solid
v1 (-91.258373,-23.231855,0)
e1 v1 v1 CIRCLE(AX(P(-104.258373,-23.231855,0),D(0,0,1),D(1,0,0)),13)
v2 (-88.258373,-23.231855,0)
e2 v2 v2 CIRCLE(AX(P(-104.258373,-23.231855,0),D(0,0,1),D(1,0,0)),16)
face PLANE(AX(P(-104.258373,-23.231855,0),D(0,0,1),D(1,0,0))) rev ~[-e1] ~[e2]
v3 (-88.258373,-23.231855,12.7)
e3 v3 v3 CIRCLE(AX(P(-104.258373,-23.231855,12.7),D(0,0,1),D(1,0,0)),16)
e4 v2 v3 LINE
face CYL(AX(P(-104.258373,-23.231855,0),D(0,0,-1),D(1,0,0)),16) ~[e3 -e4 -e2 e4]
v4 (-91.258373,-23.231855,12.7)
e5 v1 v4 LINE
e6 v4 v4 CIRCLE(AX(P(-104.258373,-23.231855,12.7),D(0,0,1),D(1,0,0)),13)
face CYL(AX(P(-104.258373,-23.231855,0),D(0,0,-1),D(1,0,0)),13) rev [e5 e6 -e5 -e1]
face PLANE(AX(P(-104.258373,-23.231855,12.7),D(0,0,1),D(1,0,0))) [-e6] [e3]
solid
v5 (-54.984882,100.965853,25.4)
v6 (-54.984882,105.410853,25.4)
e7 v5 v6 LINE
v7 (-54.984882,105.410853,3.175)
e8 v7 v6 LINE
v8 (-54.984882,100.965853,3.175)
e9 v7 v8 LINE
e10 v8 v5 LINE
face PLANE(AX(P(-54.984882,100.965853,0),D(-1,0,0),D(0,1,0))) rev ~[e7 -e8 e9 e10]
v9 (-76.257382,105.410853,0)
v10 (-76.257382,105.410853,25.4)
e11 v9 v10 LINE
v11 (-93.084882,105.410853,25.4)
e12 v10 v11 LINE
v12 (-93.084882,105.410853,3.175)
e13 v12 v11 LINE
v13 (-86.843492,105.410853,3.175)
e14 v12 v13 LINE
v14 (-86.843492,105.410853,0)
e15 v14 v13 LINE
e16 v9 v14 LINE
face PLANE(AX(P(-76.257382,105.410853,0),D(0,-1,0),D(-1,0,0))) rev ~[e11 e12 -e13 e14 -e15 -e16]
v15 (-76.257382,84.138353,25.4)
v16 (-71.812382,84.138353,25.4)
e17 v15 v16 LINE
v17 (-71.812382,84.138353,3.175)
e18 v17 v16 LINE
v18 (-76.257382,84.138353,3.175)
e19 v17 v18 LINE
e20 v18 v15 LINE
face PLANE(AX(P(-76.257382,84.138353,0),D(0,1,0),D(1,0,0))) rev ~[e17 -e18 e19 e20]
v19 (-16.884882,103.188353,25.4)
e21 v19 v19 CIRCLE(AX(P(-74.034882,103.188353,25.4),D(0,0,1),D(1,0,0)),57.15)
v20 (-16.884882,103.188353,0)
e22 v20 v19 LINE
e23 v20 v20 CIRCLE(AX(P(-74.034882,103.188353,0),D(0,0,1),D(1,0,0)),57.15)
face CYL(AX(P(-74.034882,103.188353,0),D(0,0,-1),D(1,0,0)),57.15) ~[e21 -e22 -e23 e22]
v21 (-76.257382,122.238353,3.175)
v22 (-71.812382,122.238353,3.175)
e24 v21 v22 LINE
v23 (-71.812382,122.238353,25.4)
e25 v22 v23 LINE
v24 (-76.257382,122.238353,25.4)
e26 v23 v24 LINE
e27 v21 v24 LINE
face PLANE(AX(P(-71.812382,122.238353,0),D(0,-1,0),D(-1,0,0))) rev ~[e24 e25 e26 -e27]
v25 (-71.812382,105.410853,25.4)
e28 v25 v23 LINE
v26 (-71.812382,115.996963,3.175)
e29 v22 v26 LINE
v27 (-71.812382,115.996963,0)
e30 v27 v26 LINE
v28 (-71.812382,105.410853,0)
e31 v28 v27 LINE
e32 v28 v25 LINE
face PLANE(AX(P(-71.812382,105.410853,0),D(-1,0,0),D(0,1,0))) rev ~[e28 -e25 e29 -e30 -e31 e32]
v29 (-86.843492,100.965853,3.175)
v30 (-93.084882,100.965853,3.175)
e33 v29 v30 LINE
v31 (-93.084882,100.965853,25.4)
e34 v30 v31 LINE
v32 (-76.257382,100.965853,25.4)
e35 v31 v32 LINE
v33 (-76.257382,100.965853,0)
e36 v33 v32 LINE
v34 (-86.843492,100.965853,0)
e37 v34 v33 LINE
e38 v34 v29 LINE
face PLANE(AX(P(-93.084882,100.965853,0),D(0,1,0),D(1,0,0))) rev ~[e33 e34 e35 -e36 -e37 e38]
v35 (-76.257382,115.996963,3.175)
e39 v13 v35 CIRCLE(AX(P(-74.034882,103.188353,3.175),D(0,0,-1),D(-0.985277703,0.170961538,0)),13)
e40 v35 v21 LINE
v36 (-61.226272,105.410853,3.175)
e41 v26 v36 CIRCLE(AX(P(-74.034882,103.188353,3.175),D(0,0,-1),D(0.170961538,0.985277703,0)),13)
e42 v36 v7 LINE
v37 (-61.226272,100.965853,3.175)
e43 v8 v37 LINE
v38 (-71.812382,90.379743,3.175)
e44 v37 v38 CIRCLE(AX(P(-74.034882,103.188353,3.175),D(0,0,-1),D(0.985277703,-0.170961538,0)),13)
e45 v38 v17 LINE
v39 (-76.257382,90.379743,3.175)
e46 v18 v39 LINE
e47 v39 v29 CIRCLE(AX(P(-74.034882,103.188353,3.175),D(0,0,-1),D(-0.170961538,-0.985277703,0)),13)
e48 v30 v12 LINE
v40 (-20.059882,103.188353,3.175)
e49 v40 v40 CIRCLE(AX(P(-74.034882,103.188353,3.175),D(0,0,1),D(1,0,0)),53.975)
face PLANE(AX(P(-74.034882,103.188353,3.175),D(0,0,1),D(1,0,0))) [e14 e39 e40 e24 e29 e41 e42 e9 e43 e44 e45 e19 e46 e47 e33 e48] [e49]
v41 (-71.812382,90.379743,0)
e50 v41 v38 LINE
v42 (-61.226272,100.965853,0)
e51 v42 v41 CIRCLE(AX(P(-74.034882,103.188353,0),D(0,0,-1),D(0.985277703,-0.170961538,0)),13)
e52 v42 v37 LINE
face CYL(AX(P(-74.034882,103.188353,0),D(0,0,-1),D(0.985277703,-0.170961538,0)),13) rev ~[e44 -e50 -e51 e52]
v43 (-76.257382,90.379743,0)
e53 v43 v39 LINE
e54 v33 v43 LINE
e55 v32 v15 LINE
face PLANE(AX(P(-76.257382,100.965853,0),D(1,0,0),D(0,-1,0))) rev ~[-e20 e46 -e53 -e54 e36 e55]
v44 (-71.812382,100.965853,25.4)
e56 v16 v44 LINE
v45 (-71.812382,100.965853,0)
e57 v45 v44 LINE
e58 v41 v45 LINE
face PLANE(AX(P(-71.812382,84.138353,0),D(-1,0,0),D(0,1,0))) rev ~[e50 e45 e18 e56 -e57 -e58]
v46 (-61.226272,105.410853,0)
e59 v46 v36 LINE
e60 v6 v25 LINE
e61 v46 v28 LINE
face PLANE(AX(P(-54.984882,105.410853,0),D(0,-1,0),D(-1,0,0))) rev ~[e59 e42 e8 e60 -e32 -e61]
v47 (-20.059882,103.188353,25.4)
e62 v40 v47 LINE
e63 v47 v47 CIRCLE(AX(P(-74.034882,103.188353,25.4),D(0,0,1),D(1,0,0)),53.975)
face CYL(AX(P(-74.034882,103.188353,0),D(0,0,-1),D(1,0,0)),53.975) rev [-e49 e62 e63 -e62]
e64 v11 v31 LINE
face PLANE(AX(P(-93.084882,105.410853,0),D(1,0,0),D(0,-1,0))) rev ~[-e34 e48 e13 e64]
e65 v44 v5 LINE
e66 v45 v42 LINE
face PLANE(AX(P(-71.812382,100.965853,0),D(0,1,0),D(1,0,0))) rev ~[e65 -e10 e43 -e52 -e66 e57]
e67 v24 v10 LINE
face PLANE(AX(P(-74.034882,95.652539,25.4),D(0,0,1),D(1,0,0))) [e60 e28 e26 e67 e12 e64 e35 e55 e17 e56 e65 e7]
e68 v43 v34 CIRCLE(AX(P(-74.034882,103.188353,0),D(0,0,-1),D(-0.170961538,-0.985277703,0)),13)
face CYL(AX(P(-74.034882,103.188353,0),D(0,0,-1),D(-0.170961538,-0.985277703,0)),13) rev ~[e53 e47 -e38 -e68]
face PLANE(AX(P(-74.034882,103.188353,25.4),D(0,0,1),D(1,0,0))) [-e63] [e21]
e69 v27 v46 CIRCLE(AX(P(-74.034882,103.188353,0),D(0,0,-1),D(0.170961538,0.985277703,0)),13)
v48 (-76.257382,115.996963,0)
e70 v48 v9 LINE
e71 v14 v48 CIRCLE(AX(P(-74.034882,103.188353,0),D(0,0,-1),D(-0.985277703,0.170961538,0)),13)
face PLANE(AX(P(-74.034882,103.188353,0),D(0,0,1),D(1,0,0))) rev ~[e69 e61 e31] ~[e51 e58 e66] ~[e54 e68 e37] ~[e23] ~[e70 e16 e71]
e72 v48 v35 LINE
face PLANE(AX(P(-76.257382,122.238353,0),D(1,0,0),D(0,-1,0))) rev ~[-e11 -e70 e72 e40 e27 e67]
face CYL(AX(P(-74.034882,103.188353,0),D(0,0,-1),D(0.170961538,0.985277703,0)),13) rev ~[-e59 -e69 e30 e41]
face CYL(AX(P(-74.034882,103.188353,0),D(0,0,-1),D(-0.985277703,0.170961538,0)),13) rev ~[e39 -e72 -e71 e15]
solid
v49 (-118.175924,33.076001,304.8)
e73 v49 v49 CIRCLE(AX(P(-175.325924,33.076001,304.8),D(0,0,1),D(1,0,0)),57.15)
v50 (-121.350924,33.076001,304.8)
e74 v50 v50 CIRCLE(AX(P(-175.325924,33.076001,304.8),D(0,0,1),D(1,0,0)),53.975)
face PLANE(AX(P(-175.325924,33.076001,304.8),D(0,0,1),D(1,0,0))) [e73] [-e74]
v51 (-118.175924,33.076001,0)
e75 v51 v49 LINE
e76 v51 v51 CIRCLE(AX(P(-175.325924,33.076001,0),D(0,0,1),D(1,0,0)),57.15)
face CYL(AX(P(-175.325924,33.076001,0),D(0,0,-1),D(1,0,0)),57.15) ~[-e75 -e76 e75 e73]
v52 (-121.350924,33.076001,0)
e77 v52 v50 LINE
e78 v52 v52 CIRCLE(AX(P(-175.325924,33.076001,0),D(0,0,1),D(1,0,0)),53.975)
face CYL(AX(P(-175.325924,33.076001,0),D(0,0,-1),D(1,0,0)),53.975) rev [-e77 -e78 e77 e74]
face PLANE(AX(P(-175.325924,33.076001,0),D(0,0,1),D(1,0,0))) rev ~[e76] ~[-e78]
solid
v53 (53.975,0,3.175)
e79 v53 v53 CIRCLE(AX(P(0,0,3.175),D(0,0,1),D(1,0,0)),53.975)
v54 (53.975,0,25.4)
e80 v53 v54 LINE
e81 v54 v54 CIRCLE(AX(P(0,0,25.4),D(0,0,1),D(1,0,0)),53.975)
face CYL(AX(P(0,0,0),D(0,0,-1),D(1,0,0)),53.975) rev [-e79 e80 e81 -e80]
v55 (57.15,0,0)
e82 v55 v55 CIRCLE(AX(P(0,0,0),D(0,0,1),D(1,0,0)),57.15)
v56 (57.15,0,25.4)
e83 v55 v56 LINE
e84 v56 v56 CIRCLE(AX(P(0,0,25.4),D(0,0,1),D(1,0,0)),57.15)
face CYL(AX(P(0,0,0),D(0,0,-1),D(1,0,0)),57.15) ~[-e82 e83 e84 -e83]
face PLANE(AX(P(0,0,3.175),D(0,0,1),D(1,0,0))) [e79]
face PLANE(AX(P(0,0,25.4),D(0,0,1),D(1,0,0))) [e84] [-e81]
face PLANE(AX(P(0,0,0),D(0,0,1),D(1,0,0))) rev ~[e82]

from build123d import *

# Parameters (mm, degrees)
F0_R     = 53.975
F1_DEPTH = 3.175
F0_R_2   = 57.15
F2_DEPTH = 25.4
F0_W     = 4.445
F0_H     = 4.445
F3_DEPTH = 304.8
F4_R     = 16
F4_R_2   = 13
F5_DEPTH = 12.7


with BuildPart() as f1:
    # F0 (on Top) → F1 (new body)
    with BuildSketch(Plane.XY):
        with Locations((-74.0348821748, 103.1883531284)):
            Circle(F0_R)
        with BuildLine():
            ThreePointArc((-71.8123821748, 115.9969632697), (-64.8424940194, 112.3807412839), (-61.2262720336, 105.4108531284))
            Line((-61.2262720336, 105.4108531284), (-54.9848821748, 105.4108531284))
            Line((-54.9848821748, 105.4108531284), (-54.9848821748, 100.9658531284))
            Line((-54.9848821748, 100.9658531284), (-61.2262720336, 100.9658531284))
            ThreePointArc((-61.2262720336, 100.9658531284), (-64.8424940194, 93.995964973), (-71.8123821748, 90.3797429872))
            Line((-71.8123821748, 90.3797429872), (-71.8123821748, 84.1383531284))
            Line((-71.8123821748, 84.1383531284), (-76.2573821748, 84.1383531284))
            Line((-76.2573821748, 84.1383531284), (-76.2573821748, 90.3797429872))
            ThreePointArc((-76.2573821748, 90.3797429872), (-83.2272703302, 93.995964973), (-86.843492316, 100.9658531284))
            Line((-86.843492316, 100.9658531284), (-93.0848821748, 100.9658531284))
            Line((-93.0848821748, 100.9658531284), (-93.0848821748, 105.4108531284))
            Line((-93.0848821748, 105.4108531284), (-86.843492316, 105.4108531284))
            ThreePointArc((-86.843492316, 105.4108531284), (-83.2272703302, 112.3807412839), (-76.2573821748, 115.9969632697))
            Line((-76.2573821748, 115.9969632697), (-76.2573821748, 122.2383531284))
            Line((-76.2573821748, 122.2383531284), (-71.8123821748, 122.2383531284))
            Line((-71.8123821748, 122.2383531284), (-71.8123821748, 115.9969632697))
        make_face(mode=Mode.SUBTRACT)
    extrude(amount=F1_DEPTH)

    # F0 (on Top) → F2, piece 2 (join)
    with BuildSketch(Plane.XY):
        with Locations((-74.0348821748, 103.1883531284)):
            Circle(F0_R_2)
        with Locations((-74.0348821748, 103.1883531284)):
            Circle(F0_R, mode=Mode.SUBTRACT)
        with BuildLine():
            ThreePointArc((-76.2573821748, 90.3797429872), (-74.0348821748, 90.1883531284), (-71.8123821748, 90.3797429872))
            Line((-71.8123821748, 90.3797429872), (-71.8123821748, 100.9658531284))
            Line((-71.8123821748, 100.9658531284), (-76.2573821748, 100.9658531284))
            Line((-76.2573821748, 100.9658531284), (-76.2573821748, 90.3797429872))
        make_face()
        with BuildLine():
            Line((-71.8123821748, 105.4108531284), (-71.8123821748, 115.9969632697))
            ThreePointArc((-71.8123821748, 115.9969632697), (-74.0348821748, 116.1883531284), (-76.2573821748, 115.9969632697))
            Line((-76.2573821748, 115.9969632697), (-76.2573821748, 105.4108531284))
            Line((-76.2573821748, 105.4108531284), (-71.8123821748, 105.4108531284))
        make_face()
        with BuildLine():
            ThreePointArc((-61.2262720336, 100.9658531284), (-61.0828180182, 102.0729903704), (-61.0348821748, 103.1883531284))
            ThreePointArc((-61.0348821748, 103.1883531284), (-61.0828180182, 104.3037158865), (-61.2262720336, 105.4108531284))
            Line((-61.2262720336, 105.4108531284), (-71.8123821748, 105.4108531284))
            Line((-71.8123821748, 105.4108531284), (-71.8123821748, 100.9658531284))
            Line((-71.8123821748, 100.9658531284), (-61.2262720336, 100.9658531284))
        make_face()
        with BuildLine():
            Line((-76.2573821748, 100.9658531284), (-76.2573821748, 105.4108531284))
            Line((-76.2573821748, 105.4108531284), (-86.843492316, 105.4108531284))
            ThreePointArc((-86.843492316, 105.4108531284), (-87.0348821748, 103.1883531284), (-86.843492316, 100.9658531284))
            Line((-86.843492316, 100.9658531284), (-76.2573821748, 100.9658531284))
        make_face()
        with BuildLine():
            Line((-71.8123821748, 84.1383531284), (-71.8123821748, 90.3797429872))
            ThreePointArc((-71.8123821748, 90.3797429872), (-74.0348821748, 90.1883531284), (-76.2573821748, 90.3797429872))
            Line((-76.2573821748, 90.3797429872), (-76.2573821748, 84.1383531284))
            Line((-76.2573821748, 84.1383531284), (-71.8123821748, 84.1383531284))
        make_face()
        with BuildLine():
            ThreePointArc((-76.2573821748, 115.9969632697), (-74.0348821748, 116.1883531284), (-71.8123821748, 115.9969632697))
            Line((-71.8123821748, 115.9969632697), (-71.8123821748, 122.2383531284))
            Line((-71.8123821748, 122.2383531284), (-76.2573821748, 122.2383531284))
            Line((-76.2573821748, 122.2383531284), (-76.2573821748, 115.9969632697))
        make_face()
        with BuildLine():
            ThreePointArc((-61.2262720336, 105.4108531284), (-61.0828180182, 104.3037158865), (-61.0348821748, 103.1883531284))
            ThreePointArc((-61.0348821748, 103.1883531284), (-61.0828180182, 102.0729903704), (-61.2262720336, 100.9658531284))
            Line((-61.2262720336, 100.9658531284), (-54.9848821748, 100.9658531284))
            Line((-54.9848821748, 100.9658531284), (-54.9848821748, 105.4108531284))
            Line((-54.9848821748, 105.4108531284), (-61.2262720336, 105.4108531284))
        make_face()
        with BuildLine():
            ThreePointArc((-86.843492316, 100.9658531284), (-87.0348821748, 103.1883531284), (-86.843492316, 105.4108531284))
            Line((-86.843492316, 105.4108531284), (-93.0848821748, 105.4108531284))
            Line((-93.0848821748, 105.4108531284), (-93.0848821748, 100.9658531284))
            Line((-93.0848821748, 100.9658531284), (-86.843492316, 100.9658531284))
        make_face()
        with Locations((-74.0348821748, 103.1883531284)):
            Rectangle(F0_W, F0_H)
    extrude(amount=F2_DEPTH)


with BuildPart() as f1b:
    # F0 (on Top) → F1, piece 2 (new body)
    with BuildSketch(Plane.XY):
        Circle(F0_R)
    extrude(amount=F1_DEPTH)

    # F0 (on Top) → F2 (join)
    with BuildSketch(Plane.XY):
        Circle(F0_R_2)
        Circle(F0_R, mode=Mode.SUBTRACT)
    extrude(amount=F2_DEPTH)


with BuildPart() as f3:
    # F0 (on Top) → F3 (new body)
    with BuildSketch(Plane.XY):
        with Locations((-175.3259235067, 33.0760006827)):
            Circle(F0_R_2)
        with Locations((-175.3259235067, 33.0760006827)):
            Circle(F0_R, mode=Mode.SUBTRACT)
    extrude(amount=F3_DEPTH)


with BuildPart() as f5:
    # F4 (on Top) → F5 (new body)
    with BuildSketch(Plane.XY):
        with Locations((-104.2583733797, -23.2318546623)):
            Circle(F4_R)
        with Locations((-104.2583733797, -23.2318546623)):
            Circle(F4_R_2, mode=Mode.SUBTRACT)
    extrude(amount=F5_DEPTH)


solid = Compound([f1.part, f1b.part, f3.part, f5.part])
